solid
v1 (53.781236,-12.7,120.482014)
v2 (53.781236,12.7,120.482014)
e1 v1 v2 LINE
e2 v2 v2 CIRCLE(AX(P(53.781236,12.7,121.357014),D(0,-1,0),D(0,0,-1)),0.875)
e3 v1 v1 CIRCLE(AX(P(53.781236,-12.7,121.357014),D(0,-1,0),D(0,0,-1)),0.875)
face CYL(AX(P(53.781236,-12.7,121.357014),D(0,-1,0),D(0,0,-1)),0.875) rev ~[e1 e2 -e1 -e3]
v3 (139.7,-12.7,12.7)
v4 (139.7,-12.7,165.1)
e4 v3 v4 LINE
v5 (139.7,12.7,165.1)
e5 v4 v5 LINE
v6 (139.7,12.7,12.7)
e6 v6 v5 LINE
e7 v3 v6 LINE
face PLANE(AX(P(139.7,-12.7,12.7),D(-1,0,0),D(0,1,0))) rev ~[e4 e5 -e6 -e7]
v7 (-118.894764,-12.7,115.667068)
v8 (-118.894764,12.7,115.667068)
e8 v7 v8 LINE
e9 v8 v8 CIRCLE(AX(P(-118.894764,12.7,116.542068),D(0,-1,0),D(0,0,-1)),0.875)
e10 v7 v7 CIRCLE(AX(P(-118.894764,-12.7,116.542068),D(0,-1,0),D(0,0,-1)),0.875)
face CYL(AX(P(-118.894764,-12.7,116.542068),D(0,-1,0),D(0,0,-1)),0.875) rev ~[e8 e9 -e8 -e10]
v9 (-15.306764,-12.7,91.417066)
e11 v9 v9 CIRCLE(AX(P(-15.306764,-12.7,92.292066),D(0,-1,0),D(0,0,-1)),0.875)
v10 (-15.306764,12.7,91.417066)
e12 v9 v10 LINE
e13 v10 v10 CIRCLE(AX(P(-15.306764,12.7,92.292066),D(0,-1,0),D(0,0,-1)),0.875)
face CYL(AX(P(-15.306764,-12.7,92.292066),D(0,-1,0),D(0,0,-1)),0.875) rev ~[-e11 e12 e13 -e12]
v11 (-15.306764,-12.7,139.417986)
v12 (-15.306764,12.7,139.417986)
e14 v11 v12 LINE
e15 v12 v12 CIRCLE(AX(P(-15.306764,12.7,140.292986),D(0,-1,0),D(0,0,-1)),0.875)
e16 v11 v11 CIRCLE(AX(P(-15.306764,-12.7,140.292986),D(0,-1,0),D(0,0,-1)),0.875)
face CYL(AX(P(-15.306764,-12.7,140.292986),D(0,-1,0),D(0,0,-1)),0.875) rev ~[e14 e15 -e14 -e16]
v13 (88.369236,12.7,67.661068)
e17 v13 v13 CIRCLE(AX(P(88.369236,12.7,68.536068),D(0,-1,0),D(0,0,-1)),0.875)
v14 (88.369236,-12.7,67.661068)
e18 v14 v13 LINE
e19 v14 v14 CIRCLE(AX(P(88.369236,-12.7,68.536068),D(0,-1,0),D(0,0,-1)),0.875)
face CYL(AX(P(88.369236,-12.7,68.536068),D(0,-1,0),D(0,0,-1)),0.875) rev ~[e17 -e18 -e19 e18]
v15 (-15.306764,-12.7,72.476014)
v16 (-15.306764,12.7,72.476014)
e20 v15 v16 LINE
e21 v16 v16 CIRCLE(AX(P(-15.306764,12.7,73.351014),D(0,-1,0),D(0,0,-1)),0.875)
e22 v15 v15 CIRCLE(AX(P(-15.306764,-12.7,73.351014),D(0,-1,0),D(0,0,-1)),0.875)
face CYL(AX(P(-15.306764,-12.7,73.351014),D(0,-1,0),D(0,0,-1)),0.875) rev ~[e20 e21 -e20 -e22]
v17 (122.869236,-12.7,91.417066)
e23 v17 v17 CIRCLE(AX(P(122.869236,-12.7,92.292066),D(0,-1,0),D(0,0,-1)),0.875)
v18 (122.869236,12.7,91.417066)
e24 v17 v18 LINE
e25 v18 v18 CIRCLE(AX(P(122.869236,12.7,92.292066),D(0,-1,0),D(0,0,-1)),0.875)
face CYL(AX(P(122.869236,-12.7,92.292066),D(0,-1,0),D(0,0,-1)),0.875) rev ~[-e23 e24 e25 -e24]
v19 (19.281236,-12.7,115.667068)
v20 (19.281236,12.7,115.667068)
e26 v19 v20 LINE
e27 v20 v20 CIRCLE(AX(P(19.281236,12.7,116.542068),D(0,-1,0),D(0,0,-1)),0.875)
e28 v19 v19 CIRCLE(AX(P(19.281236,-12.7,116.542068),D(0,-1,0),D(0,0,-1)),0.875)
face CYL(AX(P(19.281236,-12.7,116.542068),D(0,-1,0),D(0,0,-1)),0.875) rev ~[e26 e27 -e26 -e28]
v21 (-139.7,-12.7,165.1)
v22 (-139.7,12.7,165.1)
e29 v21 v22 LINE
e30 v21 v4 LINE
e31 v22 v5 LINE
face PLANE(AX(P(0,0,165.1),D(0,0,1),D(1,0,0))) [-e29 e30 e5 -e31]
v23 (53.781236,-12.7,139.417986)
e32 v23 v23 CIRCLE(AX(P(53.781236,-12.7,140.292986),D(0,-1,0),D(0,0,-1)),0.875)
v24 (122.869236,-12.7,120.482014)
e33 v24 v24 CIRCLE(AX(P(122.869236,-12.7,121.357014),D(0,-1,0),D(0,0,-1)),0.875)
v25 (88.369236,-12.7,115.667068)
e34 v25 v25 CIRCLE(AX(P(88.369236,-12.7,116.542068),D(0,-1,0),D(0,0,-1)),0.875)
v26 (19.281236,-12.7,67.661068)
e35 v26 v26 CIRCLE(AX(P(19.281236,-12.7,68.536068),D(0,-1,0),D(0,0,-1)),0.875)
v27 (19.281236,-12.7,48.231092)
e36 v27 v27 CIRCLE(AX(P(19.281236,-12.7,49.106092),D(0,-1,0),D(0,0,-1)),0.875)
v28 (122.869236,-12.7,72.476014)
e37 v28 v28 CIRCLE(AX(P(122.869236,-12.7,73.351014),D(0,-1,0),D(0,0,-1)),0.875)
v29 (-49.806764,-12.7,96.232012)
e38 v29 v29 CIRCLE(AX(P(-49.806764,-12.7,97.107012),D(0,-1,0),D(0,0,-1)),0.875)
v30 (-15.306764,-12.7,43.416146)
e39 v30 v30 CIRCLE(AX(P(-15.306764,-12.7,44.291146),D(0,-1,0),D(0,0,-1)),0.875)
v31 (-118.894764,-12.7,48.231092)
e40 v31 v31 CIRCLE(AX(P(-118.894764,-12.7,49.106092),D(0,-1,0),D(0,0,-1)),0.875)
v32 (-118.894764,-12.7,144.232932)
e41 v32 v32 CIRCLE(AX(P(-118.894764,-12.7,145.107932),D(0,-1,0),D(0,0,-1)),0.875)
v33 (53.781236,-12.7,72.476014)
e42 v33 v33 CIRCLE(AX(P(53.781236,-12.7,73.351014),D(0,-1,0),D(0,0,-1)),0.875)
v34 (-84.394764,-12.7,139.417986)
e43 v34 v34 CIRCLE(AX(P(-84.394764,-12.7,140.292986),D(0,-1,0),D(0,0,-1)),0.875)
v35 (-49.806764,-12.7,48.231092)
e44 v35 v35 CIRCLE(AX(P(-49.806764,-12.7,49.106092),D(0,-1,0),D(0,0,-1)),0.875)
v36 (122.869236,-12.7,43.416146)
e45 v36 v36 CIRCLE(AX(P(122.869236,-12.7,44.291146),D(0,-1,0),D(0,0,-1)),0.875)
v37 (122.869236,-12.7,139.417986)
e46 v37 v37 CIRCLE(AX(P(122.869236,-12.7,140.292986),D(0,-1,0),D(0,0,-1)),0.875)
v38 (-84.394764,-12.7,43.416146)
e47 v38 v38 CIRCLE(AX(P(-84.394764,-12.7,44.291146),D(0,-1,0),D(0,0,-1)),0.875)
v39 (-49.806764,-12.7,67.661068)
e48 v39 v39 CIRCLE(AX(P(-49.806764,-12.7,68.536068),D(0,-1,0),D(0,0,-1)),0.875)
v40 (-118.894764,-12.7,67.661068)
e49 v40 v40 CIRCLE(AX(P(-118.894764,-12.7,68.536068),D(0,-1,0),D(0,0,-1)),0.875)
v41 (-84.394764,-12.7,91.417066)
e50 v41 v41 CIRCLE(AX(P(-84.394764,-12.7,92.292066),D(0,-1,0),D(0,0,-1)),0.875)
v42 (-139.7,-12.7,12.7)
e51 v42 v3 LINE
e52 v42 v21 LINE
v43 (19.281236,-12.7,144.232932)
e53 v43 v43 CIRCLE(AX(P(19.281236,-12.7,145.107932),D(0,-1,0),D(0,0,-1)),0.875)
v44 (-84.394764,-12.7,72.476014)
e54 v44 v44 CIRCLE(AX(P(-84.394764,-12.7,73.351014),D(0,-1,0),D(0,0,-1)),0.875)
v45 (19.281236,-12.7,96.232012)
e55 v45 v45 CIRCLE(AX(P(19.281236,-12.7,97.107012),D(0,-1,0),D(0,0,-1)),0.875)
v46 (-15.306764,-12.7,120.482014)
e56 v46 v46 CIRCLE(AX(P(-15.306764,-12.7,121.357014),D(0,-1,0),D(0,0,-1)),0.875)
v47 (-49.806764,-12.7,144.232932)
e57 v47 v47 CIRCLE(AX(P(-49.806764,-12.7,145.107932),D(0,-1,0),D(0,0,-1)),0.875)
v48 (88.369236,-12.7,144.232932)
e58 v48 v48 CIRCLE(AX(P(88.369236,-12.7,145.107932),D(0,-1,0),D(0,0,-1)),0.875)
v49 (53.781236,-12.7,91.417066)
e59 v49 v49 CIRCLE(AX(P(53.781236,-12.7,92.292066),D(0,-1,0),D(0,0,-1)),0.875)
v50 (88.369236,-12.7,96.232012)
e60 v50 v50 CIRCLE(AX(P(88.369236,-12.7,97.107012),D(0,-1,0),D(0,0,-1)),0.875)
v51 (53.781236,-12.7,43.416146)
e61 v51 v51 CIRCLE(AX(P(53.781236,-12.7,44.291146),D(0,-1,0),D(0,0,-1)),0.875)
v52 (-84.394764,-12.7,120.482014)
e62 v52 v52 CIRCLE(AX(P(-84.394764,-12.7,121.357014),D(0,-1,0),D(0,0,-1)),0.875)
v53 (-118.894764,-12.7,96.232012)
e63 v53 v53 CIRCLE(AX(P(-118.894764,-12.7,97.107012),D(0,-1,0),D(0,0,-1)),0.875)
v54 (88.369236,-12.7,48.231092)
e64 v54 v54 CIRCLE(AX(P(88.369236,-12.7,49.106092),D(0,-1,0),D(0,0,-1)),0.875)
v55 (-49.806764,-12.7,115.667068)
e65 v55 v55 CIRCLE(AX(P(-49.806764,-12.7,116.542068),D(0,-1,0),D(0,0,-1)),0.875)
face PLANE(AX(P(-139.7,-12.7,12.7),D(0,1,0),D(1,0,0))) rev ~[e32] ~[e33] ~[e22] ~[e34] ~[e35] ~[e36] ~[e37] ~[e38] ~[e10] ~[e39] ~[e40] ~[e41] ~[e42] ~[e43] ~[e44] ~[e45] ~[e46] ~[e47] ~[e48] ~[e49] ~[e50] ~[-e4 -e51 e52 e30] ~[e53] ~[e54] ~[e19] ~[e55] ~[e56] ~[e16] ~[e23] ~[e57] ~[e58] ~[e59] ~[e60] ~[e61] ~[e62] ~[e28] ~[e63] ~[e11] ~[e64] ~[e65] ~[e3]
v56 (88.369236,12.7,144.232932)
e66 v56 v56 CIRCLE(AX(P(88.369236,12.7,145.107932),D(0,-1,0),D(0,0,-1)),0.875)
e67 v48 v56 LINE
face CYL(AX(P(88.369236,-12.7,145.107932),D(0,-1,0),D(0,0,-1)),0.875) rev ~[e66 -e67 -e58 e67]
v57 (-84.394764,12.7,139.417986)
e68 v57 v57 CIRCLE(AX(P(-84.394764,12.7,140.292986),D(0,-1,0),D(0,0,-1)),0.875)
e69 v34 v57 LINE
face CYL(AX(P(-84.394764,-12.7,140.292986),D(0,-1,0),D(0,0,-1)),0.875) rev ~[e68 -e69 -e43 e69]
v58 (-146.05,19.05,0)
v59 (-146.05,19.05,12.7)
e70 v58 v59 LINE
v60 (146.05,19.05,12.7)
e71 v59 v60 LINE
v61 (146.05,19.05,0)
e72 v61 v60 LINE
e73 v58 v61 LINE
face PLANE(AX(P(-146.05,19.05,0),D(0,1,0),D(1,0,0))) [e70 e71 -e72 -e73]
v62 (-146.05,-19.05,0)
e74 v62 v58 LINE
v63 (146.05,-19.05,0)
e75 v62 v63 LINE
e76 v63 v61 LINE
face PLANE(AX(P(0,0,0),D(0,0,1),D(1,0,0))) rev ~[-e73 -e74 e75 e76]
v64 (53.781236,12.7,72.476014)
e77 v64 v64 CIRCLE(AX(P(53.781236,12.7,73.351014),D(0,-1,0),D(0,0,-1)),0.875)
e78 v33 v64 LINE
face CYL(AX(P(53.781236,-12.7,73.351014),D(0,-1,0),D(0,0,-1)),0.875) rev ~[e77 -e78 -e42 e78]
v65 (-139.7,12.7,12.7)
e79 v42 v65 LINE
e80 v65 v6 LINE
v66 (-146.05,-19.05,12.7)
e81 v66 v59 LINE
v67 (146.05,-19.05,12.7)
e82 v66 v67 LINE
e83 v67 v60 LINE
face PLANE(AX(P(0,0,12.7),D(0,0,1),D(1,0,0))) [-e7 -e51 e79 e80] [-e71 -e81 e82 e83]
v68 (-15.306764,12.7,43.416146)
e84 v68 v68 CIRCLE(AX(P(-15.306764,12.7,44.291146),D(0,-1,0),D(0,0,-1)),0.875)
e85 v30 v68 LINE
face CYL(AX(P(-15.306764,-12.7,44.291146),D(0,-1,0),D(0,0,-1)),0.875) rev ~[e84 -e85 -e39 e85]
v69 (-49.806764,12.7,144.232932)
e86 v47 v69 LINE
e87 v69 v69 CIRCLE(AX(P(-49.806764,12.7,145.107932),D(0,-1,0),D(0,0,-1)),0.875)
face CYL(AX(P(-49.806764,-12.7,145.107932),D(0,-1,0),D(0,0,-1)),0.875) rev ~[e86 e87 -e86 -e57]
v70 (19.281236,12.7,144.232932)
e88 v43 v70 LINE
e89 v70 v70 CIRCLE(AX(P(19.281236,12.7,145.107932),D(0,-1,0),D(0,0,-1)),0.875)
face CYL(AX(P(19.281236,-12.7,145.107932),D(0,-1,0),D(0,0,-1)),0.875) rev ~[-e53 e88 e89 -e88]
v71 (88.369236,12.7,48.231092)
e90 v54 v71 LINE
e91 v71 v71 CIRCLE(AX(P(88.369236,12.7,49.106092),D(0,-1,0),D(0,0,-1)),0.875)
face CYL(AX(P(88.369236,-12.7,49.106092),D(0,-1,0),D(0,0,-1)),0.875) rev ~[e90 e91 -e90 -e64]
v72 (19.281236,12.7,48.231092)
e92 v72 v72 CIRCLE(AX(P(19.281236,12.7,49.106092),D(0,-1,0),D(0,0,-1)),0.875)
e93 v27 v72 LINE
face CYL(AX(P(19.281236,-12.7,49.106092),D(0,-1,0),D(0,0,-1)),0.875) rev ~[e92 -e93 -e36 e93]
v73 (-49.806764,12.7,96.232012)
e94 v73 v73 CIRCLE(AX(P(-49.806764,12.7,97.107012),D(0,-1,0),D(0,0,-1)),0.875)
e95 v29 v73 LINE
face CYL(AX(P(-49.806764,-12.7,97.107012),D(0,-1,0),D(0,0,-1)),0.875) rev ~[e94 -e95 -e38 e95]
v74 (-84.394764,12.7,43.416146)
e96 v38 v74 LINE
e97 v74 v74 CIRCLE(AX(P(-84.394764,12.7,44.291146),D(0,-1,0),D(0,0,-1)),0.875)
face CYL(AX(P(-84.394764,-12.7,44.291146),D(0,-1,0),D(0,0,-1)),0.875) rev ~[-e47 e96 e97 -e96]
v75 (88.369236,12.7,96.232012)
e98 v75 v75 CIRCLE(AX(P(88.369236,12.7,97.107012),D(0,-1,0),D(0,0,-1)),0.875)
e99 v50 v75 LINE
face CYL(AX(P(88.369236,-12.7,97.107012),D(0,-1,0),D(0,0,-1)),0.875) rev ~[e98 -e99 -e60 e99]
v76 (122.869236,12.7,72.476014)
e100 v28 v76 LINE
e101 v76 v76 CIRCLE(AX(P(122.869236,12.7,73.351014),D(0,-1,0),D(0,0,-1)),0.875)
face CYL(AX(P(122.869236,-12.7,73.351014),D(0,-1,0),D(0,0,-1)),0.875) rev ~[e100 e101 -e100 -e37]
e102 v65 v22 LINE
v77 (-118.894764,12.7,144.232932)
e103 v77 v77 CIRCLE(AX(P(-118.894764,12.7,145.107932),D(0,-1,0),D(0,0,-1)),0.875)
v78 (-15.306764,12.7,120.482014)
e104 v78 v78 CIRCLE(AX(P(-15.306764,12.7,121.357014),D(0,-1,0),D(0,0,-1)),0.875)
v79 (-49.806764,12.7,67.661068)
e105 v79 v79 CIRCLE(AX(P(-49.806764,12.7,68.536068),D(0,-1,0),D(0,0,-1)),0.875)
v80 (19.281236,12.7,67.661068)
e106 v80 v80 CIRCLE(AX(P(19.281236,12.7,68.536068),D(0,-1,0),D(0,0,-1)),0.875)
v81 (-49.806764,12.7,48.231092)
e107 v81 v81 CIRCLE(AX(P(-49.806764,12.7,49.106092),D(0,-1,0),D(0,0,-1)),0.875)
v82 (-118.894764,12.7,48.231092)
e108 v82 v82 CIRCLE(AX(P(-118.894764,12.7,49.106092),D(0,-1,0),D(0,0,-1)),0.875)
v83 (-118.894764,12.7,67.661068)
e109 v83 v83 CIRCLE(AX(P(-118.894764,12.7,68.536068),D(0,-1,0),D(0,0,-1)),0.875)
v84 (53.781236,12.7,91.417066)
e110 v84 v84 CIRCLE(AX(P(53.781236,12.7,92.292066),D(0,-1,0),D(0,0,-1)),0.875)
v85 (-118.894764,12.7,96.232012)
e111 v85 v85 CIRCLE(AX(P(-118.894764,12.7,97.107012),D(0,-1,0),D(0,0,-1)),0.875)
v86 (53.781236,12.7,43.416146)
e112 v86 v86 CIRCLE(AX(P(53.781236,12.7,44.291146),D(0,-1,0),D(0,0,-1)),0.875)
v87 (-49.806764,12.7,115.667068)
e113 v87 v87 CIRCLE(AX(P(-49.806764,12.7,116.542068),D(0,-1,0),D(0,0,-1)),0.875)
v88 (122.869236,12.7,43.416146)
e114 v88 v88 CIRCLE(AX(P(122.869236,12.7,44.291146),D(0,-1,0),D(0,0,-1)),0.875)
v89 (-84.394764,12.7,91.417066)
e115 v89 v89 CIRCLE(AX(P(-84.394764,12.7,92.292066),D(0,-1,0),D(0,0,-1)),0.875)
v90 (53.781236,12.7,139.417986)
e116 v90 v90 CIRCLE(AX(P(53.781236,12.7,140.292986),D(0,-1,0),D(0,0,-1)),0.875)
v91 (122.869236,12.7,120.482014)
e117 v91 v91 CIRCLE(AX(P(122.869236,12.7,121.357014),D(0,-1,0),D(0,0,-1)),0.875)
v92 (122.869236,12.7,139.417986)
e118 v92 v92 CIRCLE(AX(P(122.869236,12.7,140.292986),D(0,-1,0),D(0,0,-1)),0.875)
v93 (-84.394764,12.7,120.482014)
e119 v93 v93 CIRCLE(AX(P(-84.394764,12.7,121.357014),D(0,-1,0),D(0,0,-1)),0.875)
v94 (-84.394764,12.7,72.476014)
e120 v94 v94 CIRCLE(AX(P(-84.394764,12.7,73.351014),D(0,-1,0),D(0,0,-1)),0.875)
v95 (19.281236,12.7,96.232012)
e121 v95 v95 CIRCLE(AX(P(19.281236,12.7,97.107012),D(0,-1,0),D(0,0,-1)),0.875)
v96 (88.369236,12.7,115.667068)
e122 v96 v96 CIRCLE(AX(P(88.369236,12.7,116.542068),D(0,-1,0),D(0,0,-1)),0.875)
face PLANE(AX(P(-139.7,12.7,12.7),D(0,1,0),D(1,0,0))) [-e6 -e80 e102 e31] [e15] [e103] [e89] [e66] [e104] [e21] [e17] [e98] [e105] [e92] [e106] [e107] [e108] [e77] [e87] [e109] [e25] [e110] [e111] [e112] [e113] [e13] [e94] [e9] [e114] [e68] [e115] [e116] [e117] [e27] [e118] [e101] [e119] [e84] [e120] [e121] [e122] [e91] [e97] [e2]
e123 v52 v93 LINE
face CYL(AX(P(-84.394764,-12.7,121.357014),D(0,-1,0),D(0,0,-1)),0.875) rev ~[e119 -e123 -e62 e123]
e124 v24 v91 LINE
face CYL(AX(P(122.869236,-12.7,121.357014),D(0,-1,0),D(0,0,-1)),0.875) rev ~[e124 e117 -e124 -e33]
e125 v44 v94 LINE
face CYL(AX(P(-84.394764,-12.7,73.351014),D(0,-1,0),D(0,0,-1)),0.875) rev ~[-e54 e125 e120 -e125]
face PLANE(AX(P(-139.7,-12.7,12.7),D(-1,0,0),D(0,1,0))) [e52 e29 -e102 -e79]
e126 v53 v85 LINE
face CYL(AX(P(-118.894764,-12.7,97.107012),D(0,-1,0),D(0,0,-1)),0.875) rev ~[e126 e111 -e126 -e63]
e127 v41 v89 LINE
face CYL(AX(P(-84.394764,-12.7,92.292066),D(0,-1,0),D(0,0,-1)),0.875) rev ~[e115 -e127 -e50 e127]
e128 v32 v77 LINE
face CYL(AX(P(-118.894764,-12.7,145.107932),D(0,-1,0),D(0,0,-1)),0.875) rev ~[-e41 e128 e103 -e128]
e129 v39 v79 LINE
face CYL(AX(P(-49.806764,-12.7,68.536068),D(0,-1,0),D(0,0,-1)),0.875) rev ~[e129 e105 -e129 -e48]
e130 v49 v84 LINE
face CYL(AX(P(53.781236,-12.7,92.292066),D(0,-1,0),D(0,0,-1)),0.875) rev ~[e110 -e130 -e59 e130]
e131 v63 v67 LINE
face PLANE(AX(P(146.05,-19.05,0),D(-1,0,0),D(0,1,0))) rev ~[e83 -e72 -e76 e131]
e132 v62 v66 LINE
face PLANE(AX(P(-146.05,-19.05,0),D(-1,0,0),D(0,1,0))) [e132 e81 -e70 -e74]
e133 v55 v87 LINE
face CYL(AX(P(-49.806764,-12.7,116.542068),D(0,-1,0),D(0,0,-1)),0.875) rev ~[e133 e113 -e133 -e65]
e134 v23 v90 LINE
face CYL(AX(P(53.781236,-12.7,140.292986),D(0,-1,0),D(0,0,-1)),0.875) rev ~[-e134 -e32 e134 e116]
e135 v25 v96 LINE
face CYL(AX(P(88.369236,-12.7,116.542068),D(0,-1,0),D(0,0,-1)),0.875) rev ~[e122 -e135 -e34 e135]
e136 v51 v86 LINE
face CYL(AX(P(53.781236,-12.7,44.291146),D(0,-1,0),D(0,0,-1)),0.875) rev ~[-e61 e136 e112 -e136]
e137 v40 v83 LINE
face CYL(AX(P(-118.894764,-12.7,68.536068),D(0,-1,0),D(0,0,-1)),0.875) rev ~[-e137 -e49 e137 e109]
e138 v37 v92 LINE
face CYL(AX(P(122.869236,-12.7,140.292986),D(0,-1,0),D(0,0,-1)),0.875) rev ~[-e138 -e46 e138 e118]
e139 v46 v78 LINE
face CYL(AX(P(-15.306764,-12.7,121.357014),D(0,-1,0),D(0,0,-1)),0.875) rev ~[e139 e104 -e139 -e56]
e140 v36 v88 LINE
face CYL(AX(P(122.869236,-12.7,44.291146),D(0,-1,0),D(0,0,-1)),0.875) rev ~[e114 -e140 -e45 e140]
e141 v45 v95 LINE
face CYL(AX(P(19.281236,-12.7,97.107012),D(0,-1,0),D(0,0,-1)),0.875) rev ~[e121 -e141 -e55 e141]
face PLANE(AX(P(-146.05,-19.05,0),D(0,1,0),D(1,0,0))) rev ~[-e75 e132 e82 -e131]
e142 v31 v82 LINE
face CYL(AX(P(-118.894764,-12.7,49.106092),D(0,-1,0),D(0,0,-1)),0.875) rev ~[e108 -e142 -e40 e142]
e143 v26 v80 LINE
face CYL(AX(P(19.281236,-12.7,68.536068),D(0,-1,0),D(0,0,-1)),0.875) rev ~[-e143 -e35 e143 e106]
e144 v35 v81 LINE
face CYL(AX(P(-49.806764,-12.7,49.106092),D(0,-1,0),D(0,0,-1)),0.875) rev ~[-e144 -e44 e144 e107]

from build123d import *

# Parameters (mm, degrees)
SKETCH1_W           = 292.1
SKETCH1_H           = 38.1
BOSS_EXTRUDE1_DEPTH = 12.7
SKETCH2_W           = 279.4
SKETCH2_H           = 25.4
BOSS_EXTRUDE2_DEPTH = 152.4
SKETCH4_R           = 0.875
CUT_EXTRUDE1_DEPTH  = 223.703109543


with BuildPart() as part:
    # Sketch1 → Boss-Extrude1 (new body)
    with BuildSketch(Plane.XY):
        Rectangle(SKETCH1_W, SKETCH1_H)
    extrude(amount=BOSS_EXTRUDE1_DEPTH)

    # Sketch2 → Boss-Extrude2 (add)
    with BuildSketch(Plane.XY.offset(12.7)):
        Rectangle(SKETCH2_W, SKETCH2_H)
    extrude(amount=BOSS_EXTRUDE2_DEPTH)

    # Sketch4 → Cut-Extrude1 (cut, through all)
    with BuildSketch(Plane.XZ.offset(12.7)):
        with Locations(Location((-118.894764252, 116.542067709, 0), (0, 0, 270))):
            Circle(SKETCH4_R)
        with Locations(Location((-118.894764252, 68.536067709, 0), (0, 0, 270))):
            Circle(SKETCH4_R)
        with Locations(Location((-84.394764252, 73.351013878, 0), (0, 0, 270))):
            Circle(SKETCH4_R)
        with Locations(Location((-118.894764252, 49.10609229, 0), (0, 0, 270))):
            Circle(SKETCH4_R)
        with Locations(Location((-84.394764252, 44.291146122, 0), (0, 0, 270))):
            Circle(SKETCH4_R)
        with Locations(Location((-49.806764252, 68.536067709, 0), (0, 0, 270))):
            Circle(SKETCH4_R)
        with Locations(Location((-49.806764252, 116.542067709, 0), (0, 0, 270))):
            Circle(SKETCH4_R)
        with Locations(Location((-49.806764252, 145.10793229, 0), (0, 0, 270))):
            Circle(SKETCH4_R)
        with Locations(Location((-15.306764252, 44.291146122, 0), (0, 0, 270))):
            Circle(SKETCH4_R)
        with Locations(Location((-15.306764252, 73.351013878, 0), (0, 0, 270))):
            Circle(SKETCH4_R)
        with Locations(Location((19.281235748, 116.542067709, 0), (0, 0, 270))):
            Circle(SKETCH4_R)
        with Locations(Location((19.281235748, 145.10793229, 0), (0, 0, 270))):
            Circle(SKETCH4_R)
        with Locations(Location((53.781235748, 121.357013878, 0), (0, 0, 270))):
            Circle(SKETCH4_R)
        with Locations(Location((122.869235748, 92.292066122, 0), (0, 0, 270))):
            Circle(SKETCH4_R)
        with Locations(Location((88.369235748, 68.536067709, 0), (0, 0, 270))):
            Circle(SKETCH4_R)
        with Locations(Location((88.369235748, 49.10609229, 0), (0, 0, 270))):
            Circle(SKETCH4_R)
        with Locations(Location((122.869235748, 44.291146122, 0), (0, 0, 270))):
            Circle(SKETCH4_R)
        with Locations(Location((122.869235748, 73.351013878, 0), (0, 0, 270))):
            Circle(SKETCH4_R)
        with Locations(Location((88.369235748, 97.10701229, 0), (0, 0, 270))):
            Circle(SKETCH4_R)
        with Locations(Location((-118.894764252, 145.10793229, 0), (0, 0, 270))):
            Circle(SKETCH4_R)
        with Locations(Location((-84.394764252, 140.292986122, 0), (0, 0, 270))):
            Circle(SKETCH4_R)
        with Locations(Location((-84.394764252, 121.357013878, 0), (0, 0, 270))):
            Circle(SKETCH4_R)
        with Locations(Location((-118.894764252, 97.10701229, 0), (0, 0, 270))):
            Circle(SKETCH4_R)
        with Locations(Location((-84.394764252, 92.292066122, 0), (0, 0, 270))):
            Circle(SKETCH4_R)
        with Locations(Location((-49.806764252, 49.10609229, 0), (0, 0, 270))):
            Circle(SKETCH4_R)
        with Locations(Location((-49.806764252, 97.10701229, 0), (0, 0, 270))):
            Circle(SKETCH4_R)
        with Locations(Location((-15.306764252, 140.292986122, 0), (0, 0, 270))):
            Circle(SKETCH4_R)
        with Locations(Location((-15.306764252, 92.292066122, 0), (0, 0, 270))):
            Circle(SKETCH4_R)
        with Locations(Location((19.281235748, 49.10609229, 0), (0, 0, 270))):
            Circle(SKETCH4_R)
        with Locations(Location((19.281235748, 68.536067709, 0), (0, 0, 270))):
            Circle(SKETCH4_R)
        with Locations(Location((19.281235748, 97.10701229, 0), (0, 0, 270))):
            Circle(SKETCH4_R)
        with Locations(Location((53.781235748, 140.292986122, 0), (0, 0, 270))):
            Circle(SKETCH4_R)
        with Locations(Location((88.369235748, 145.10793229, 0), (0, 0, 270))):
            Circle(SKETCH4_R)
        with Locations(Location((122.869235748, 140.292986122, 0), (0, 0, 270))):
            Circle(SKETCH4_R)
        with Locations(Location((122.869235748, 121.357013878, 0), (0, 0, 270))):
            Circle(SKETCH4_R)
        with Locations(Location((88.369235748, 116.542067709, 0), (0, 0, 270))):
            Circle(SKETCH4_R)
        with Locations(Location((53.781235748, 44.291146122, 0), (0, 0, 270))):
            Circle(SKETCH4_R)
        with Locations(Location((53.781235748, 92.292066122, 0), (0, 0, 270))):
            Circle(SKETCH4_R)
        with Locations(Location((53.781235748, 73.351013878, 0), (0, 0, 270))):
            Circle(SKETCH4_R)
        with Locations(Location((-15.306764252, 121.357013878, 0), (0, 0, 270))):
            Circle(SKETCH4_R)
    extrude(amount=-CUT_EXTRUDE1_DEPTH, mode=Mode.SUBTRACT)


solid = part.part
